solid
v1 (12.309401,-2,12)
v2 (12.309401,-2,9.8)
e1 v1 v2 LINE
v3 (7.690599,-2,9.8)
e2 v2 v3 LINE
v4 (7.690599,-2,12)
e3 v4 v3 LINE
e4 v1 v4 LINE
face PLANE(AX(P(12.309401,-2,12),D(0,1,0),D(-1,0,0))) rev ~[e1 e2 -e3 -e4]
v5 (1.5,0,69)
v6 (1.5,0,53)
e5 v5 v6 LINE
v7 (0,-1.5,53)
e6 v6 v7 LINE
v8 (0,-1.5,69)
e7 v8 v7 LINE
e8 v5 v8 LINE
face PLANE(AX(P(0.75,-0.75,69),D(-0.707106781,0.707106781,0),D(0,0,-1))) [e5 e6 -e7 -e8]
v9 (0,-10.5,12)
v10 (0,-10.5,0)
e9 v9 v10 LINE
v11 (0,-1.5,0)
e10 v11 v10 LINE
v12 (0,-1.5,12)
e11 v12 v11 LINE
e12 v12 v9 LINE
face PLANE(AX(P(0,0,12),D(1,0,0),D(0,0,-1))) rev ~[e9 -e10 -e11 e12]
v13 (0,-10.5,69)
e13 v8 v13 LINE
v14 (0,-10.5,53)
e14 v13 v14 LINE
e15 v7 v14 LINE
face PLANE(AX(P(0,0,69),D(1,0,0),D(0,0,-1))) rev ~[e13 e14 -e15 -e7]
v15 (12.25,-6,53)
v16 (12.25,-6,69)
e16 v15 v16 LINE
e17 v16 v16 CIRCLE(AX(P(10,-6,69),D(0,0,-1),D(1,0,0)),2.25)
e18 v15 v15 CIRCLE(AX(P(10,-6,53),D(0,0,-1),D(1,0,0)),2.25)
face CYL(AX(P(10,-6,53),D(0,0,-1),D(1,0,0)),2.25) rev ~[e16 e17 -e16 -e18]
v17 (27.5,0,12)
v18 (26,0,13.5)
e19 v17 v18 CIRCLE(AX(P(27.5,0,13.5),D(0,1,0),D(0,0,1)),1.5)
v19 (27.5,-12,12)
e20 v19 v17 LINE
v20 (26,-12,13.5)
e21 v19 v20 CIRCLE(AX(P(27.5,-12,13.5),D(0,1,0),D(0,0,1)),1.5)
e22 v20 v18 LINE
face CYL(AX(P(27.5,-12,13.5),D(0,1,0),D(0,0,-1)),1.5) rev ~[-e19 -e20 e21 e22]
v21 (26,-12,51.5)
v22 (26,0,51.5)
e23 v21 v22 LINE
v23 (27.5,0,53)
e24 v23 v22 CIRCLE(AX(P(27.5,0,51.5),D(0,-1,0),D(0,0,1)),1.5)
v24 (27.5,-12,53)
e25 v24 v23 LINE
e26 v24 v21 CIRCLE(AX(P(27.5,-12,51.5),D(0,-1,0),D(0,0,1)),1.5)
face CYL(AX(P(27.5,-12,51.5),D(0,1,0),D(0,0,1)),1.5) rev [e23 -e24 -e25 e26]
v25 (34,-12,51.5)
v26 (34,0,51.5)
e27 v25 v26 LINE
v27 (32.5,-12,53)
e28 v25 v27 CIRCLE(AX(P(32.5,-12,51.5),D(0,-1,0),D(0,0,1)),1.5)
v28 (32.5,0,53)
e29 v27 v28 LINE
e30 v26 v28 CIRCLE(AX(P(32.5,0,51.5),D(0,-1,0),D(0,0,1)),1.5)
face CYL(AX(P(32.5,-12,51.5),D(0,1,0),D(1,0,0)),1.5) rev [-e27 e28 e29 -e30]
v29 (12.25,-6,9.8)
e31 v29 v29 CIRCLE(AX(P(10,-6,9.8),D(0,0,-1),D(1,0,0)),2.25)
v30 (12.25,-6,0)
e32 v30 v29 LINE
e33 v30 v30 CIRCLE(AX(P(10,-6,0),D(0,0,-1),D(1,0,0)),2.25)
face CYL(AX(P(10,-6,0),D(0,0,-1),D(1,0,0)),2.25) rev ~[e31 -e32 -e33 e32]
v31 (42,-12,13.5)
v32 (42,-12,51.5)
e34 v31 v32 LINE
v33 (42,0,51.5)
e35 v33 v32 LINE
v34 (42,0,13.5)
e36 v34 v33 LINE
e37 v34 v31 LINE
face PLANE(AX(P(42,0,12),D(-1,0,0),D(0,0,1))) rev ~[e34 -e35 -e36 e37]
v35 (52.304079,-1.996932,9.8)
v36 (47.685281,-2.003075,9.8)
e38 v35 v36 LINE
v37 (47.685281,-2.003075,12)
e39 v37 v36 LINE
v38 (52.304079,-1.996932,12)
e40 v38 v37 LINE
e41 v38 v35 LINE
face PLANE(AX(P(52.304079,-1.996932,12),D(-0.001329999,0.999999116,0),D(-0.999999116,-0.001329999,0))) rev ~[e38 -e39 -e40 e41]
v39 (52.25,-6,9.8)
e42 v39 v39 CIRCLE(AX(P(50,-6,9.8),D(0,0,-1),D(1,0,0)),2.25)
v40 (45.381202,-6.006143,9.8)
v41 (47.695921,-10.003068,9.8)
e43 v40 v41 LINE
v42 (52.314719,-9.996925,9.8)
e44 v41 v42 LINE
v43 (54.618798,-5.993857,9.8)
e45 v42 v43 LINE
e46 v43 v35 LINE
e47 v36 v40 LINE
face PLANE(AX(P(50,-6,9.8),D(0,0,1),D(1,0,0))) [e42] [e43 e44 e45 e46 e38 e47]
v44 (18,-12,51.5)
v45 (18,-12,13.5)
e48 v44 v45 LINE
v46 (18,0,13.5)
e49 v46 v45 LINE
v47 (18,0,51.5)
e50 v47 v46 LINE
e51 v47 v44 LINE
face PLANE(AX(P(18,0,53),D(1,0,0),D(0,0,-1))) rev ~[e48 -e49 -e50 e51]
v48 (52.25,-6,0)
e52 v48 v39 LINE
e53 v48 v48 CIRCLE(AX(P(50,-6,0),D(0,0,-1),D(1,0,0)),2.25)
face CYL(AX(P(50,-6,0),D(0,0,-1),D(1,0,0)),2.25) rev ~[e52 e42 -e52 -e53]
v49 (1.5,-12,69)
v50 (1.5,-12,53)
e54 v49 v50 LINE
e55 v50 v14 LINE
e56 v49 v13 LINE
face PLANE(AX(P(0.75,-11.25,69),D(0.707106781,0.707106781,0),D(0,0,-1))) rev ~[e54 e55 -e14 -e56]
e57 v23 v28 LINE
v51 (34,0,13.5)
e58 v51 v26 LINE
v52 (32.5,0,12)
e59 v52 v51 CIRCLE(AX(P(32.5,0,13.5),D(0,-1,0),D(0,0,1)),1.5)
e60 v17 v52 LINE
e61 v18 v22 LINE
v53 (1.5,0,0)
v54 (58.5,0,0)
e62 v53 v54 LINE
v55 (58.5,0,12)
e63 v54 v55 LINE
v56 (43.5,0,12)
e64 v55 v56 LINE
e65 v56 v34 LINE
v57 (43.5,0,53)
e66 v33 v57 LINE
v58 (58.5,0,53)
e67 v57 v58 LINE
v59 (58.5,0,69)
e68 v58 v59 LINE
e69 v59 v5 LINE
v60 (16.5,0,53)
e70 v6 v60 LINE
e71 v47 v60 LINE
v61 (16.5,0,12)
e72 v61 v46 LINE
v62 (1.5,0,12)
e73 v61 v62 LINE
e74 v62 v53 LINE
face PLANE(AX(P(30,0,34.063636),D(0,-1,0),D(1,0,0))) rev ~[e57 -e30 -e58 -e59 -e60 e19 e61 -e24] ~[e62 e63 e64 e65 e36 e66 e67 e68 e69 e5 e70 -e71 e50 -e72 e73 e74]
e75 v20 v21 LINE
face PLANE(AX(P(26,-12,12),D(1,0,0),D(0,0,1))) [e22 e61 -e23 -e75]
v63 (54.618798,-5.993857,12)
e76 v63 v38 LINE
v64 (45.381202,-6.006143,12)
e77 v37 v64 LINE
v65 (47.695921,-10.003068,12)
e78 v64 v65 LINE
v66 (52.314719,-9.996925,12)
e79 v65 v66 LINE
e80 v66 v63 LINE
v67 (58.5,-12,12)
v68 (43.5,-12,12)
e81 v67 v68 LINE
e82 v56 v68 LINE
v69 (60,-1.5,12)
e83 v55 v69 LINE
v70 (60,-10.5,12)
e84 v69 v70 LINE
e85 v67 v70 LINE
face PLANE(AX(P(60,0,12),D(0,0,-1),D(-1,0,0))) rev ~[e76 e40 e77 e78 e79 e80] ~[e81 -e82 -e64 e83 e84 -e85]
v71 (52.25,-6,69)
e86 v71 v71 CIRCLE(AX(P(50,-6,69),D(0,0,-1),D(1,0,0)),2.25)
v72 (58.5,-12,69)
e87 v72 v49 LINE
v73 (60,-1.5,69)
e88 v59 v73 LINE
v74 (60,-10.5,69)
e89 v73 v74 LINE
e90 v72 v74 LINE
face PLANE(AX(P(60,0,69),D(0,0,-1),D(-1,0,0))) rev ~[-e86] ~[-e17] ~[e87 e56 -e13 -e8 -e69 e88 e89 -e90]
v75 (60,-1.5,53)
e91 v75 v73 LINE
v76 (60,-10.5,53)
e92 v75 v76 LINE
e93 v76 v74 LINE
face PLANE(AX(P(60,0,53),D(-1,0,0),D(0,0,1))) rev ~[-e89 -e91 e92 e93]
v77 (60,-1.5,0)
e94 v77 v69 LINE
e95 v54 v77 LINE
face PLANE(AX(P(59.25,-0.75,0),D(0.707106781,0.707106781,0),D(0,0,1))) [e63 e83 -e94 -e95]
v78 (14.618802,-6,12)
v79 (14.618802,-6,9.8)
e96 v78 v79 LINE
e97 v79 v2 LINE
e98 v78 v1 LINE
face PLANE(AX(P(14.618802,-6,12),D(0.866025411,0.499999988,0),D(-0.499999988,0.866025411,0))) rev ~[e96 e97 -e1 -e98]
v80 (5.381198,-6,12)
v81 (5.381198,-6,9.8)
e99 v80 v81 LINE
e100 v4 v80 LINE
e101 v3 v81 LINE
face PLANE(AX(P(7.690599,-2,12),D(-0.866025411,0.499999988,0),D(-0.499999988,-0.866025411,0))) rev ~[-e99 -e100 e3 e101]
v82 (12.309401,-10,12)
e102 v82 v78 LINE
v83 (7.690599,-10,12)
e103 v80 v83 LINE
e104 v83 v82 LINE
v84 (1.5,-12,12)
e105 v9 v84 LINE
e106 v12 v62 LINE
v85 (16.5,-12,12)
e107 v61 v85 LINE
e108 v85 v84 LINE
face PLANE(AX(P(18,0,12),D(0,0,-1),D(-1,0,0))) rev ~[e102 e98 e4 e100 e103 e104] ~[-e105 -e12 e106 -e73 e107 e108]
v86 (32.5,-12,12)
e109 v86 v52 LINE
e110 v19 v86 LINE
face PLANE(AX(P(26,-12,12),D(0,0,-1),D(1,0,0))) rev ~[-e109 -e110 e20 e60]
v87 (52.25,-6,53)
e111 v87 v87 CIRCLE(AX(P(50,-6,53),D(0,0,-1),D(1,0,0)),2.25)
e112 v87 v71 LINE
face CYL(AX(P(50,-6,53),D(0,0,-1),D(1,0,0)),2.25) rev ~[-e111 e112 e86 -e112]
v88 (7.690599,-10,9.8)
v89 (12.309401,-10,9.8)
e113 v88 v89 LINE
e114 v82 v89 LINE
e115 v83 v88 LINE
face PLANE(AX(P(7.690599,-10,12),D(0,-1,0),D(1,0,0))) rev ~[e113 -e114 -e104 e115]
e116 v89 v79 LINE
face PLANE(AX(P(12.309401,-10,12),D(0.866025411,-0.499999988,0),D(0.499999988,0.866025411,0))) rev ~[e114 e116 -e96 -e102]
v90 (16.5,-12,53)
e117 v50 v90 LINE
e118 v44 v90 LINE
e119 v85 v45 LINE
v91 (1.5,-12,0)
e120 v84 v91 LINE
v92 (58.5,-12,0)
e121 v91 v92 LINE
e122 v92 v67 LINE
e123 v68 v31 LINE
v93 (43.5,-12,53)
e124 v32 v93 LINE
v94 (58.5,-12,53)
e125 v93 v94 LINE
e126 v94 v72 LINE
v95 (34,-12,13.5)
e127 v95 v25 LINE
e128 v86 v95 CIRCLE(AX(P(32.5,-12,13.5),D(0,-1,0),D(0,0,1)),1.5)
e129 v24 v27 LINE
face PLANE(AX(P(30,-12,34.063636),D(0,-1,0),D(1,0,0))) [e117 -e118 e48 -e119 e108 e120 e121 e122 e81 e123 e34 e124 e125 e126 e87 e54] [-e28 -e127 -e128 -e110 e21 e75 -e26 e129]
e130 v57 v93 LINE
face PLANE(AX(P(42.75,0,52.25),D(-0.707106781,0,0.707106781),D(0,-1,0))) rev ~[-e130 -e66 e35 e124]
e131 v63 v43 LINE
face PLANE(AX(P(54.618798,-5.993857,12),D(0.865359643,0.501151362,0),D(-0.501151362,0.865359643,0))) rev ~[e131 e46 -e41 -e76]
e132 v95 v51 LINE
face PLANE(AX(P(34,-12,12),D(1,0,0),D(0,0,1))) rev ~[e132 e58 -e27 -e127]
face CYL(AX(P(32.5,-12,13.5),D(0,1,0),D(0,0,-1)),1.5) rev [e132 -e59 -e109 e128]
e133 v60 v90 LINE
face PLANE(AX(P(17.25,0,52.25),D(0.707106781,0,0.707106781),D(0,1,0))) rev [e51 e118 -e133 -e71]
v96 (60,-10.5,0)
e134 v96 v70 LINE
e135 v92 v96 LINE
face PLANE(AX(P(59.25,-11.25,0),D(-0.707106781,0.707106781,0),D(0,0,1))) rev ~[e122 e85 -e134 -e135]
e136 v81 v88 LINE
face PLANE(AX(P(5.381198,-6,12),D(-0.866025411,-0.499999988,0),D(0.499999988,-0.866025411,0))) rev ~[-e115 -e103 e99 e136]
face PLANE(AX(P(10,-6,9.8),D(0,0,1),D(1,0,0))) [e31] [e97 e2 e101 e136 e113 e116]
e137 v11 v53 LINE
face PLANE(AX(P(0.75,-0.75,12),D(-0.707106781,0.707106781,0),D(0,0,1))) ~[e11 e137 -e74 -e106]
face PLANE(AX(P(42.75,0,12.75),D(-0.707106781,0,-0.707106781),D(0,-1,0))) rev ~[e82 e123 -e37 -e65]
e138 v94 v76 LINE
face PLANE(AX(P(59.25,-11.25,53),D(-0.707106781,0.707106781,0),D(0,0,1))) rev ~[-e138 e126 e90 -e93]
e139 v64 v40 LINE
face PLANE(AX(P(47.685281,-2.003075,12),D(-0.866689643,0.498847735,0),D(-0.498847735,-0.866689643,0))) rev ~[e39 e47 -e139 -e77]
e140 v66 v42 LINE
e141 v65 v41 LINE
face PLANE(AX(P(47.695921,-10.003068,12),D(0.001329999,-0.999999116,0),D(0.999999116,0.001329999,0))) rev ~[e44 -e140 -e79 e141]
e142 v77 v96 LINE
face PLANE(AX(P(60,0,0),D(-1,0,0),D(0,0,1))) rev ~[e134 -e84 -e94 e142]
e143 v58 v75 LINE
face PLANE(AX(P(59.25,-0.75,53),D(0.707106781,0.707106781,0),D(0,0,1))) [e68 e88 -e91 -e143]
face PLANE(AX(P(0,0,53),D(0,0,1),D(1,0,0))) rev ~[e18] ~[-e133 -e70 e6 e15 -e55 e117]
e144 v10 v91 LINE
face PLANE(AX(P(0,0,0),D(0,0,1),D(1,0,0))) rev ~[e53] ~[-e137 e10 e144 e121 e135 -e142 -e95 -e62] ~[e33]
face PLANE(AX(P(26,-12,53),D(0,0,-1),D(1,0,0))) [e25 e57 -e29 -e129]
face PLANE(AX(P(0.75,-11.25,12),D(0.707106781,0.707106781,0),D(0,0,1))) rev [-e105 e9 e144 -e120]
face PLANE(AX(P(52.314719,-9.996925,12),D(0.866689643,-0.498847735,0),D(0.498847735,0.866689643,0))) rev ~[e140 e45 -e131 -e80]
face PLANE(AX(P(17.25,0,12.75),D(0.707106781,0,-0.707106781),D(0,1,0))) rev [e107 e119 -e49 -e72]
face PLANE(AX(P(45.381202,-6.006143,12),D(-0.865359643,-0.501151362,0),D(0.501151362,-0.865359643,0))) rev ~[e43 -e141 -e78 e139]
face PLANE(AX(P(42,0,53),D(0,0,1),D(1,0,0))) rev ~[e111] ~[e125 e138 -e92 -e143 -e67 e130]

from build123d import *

# Parameters (mm, degrees)
F1_DEPTH  = 12
F2_R      = 2.25
F3_DEPTH  = 16
F4_SIZE   = 1.5
F5_W      = 8
F5_H      = 41
F6_DEPTH  = 12.001
F7_R      = 1.5
F8_R      = 2.25
F9_DEPTH  = 12
F11_DEPTH = 2.2


with BuildPart() as f1:
    # F0 (on Front) → F1 (new body)
    with BuildSketch(Plane.XZ):
        Polygon((0, 12), (0, 0), (60, 0), (60, 12), (42, 12), (42, 53), (60, 53), (60, 69), (0, 69), (0, 53), (18, 53), (18, 12), align=None)
    extrude(amount=F1_DEPTH)

    # F2 (on face) → F3 (cut, through all)
    with BuildSketch(Plane(origin=(0, 0, 53), x_dir=(1, 0, 0), z_dir=(0, 0, -1))):
        with Locations((10, 6)):
            Circle(F2_R)
        with Locations((50, 6)):
            Circle(F2_R)
    extrude(amount=-F3_DEPTH, mode=Mode.SUBTRACT)

    # F4
    f4_edges = [f1.edges().sort_by_distance(p)[0] for p in [
        (60, -12, 61),
        (60, -12, 6),
        (60, 0, 6),
        (60, 0, 61),
        (0, -12, 61),
        (0, 0, 61),
        (0, 0, 6),
        (0, -12, 6),
        (18, -6, 12),
        (18, -6, 53),
        (42, -6, 53),
        (42, -6, 12),
    ]]
    chamfer(f4_edges, length=F4_SIZE)

    # F5 (on face) → F6 (cut, through all)
    with BuildSketch(Plane.XZ.offset(12)):
        with Locations((30, 32.5)):
            Rectangle(F5_W, F5_H)
    extrude(amount=-F6_DEPTH, mode=Mode.SUBTRACT)

    # F7
    f7_edges = [f1.edges().sort_by_distance(p)[0] for p in [
        (26, -6, 53),
        (34, -6, 53),
        (34, -6, 12),
        (26, -6, 12),
    ]]
    fillet(f7_edges, radius=F7_R)

    # F8 (on face) → F9 (cut, through all)
    with BuildSketch(Plane(origin=(0, 0, 0), x_dir=(1, 0, 0), z_dir=(0, 0, -1))):
        with Locations((50, 6)):
            Circle(F8_R)
        with Locations((10, 6)):
            Circle(F8_R)
    extrude(amount=-F9_DEPTH, mode=Mode.SUBTRACT)

    # F10 (on face) → F11 (cut)
    with BuildSketch(Plane.XY.offset(12)):
        Polygon((7.690599, -10), (12.309401, -10), (14.618802, -6), (12.309401, -2), (7.690599, -2), (5.381198, -6), align=None)
        Polygon((52.314719, -9.996925), (54.618798, -5.993857), (52.304079, -1.996932), (47.685281, -2.003075), (45.381202, -6.006143), (47.695921, -10.003068), align=None)
    extrude(amount=-F11_DEPTH, mode=Mode.SUBTRACT)


solid = f1.part
